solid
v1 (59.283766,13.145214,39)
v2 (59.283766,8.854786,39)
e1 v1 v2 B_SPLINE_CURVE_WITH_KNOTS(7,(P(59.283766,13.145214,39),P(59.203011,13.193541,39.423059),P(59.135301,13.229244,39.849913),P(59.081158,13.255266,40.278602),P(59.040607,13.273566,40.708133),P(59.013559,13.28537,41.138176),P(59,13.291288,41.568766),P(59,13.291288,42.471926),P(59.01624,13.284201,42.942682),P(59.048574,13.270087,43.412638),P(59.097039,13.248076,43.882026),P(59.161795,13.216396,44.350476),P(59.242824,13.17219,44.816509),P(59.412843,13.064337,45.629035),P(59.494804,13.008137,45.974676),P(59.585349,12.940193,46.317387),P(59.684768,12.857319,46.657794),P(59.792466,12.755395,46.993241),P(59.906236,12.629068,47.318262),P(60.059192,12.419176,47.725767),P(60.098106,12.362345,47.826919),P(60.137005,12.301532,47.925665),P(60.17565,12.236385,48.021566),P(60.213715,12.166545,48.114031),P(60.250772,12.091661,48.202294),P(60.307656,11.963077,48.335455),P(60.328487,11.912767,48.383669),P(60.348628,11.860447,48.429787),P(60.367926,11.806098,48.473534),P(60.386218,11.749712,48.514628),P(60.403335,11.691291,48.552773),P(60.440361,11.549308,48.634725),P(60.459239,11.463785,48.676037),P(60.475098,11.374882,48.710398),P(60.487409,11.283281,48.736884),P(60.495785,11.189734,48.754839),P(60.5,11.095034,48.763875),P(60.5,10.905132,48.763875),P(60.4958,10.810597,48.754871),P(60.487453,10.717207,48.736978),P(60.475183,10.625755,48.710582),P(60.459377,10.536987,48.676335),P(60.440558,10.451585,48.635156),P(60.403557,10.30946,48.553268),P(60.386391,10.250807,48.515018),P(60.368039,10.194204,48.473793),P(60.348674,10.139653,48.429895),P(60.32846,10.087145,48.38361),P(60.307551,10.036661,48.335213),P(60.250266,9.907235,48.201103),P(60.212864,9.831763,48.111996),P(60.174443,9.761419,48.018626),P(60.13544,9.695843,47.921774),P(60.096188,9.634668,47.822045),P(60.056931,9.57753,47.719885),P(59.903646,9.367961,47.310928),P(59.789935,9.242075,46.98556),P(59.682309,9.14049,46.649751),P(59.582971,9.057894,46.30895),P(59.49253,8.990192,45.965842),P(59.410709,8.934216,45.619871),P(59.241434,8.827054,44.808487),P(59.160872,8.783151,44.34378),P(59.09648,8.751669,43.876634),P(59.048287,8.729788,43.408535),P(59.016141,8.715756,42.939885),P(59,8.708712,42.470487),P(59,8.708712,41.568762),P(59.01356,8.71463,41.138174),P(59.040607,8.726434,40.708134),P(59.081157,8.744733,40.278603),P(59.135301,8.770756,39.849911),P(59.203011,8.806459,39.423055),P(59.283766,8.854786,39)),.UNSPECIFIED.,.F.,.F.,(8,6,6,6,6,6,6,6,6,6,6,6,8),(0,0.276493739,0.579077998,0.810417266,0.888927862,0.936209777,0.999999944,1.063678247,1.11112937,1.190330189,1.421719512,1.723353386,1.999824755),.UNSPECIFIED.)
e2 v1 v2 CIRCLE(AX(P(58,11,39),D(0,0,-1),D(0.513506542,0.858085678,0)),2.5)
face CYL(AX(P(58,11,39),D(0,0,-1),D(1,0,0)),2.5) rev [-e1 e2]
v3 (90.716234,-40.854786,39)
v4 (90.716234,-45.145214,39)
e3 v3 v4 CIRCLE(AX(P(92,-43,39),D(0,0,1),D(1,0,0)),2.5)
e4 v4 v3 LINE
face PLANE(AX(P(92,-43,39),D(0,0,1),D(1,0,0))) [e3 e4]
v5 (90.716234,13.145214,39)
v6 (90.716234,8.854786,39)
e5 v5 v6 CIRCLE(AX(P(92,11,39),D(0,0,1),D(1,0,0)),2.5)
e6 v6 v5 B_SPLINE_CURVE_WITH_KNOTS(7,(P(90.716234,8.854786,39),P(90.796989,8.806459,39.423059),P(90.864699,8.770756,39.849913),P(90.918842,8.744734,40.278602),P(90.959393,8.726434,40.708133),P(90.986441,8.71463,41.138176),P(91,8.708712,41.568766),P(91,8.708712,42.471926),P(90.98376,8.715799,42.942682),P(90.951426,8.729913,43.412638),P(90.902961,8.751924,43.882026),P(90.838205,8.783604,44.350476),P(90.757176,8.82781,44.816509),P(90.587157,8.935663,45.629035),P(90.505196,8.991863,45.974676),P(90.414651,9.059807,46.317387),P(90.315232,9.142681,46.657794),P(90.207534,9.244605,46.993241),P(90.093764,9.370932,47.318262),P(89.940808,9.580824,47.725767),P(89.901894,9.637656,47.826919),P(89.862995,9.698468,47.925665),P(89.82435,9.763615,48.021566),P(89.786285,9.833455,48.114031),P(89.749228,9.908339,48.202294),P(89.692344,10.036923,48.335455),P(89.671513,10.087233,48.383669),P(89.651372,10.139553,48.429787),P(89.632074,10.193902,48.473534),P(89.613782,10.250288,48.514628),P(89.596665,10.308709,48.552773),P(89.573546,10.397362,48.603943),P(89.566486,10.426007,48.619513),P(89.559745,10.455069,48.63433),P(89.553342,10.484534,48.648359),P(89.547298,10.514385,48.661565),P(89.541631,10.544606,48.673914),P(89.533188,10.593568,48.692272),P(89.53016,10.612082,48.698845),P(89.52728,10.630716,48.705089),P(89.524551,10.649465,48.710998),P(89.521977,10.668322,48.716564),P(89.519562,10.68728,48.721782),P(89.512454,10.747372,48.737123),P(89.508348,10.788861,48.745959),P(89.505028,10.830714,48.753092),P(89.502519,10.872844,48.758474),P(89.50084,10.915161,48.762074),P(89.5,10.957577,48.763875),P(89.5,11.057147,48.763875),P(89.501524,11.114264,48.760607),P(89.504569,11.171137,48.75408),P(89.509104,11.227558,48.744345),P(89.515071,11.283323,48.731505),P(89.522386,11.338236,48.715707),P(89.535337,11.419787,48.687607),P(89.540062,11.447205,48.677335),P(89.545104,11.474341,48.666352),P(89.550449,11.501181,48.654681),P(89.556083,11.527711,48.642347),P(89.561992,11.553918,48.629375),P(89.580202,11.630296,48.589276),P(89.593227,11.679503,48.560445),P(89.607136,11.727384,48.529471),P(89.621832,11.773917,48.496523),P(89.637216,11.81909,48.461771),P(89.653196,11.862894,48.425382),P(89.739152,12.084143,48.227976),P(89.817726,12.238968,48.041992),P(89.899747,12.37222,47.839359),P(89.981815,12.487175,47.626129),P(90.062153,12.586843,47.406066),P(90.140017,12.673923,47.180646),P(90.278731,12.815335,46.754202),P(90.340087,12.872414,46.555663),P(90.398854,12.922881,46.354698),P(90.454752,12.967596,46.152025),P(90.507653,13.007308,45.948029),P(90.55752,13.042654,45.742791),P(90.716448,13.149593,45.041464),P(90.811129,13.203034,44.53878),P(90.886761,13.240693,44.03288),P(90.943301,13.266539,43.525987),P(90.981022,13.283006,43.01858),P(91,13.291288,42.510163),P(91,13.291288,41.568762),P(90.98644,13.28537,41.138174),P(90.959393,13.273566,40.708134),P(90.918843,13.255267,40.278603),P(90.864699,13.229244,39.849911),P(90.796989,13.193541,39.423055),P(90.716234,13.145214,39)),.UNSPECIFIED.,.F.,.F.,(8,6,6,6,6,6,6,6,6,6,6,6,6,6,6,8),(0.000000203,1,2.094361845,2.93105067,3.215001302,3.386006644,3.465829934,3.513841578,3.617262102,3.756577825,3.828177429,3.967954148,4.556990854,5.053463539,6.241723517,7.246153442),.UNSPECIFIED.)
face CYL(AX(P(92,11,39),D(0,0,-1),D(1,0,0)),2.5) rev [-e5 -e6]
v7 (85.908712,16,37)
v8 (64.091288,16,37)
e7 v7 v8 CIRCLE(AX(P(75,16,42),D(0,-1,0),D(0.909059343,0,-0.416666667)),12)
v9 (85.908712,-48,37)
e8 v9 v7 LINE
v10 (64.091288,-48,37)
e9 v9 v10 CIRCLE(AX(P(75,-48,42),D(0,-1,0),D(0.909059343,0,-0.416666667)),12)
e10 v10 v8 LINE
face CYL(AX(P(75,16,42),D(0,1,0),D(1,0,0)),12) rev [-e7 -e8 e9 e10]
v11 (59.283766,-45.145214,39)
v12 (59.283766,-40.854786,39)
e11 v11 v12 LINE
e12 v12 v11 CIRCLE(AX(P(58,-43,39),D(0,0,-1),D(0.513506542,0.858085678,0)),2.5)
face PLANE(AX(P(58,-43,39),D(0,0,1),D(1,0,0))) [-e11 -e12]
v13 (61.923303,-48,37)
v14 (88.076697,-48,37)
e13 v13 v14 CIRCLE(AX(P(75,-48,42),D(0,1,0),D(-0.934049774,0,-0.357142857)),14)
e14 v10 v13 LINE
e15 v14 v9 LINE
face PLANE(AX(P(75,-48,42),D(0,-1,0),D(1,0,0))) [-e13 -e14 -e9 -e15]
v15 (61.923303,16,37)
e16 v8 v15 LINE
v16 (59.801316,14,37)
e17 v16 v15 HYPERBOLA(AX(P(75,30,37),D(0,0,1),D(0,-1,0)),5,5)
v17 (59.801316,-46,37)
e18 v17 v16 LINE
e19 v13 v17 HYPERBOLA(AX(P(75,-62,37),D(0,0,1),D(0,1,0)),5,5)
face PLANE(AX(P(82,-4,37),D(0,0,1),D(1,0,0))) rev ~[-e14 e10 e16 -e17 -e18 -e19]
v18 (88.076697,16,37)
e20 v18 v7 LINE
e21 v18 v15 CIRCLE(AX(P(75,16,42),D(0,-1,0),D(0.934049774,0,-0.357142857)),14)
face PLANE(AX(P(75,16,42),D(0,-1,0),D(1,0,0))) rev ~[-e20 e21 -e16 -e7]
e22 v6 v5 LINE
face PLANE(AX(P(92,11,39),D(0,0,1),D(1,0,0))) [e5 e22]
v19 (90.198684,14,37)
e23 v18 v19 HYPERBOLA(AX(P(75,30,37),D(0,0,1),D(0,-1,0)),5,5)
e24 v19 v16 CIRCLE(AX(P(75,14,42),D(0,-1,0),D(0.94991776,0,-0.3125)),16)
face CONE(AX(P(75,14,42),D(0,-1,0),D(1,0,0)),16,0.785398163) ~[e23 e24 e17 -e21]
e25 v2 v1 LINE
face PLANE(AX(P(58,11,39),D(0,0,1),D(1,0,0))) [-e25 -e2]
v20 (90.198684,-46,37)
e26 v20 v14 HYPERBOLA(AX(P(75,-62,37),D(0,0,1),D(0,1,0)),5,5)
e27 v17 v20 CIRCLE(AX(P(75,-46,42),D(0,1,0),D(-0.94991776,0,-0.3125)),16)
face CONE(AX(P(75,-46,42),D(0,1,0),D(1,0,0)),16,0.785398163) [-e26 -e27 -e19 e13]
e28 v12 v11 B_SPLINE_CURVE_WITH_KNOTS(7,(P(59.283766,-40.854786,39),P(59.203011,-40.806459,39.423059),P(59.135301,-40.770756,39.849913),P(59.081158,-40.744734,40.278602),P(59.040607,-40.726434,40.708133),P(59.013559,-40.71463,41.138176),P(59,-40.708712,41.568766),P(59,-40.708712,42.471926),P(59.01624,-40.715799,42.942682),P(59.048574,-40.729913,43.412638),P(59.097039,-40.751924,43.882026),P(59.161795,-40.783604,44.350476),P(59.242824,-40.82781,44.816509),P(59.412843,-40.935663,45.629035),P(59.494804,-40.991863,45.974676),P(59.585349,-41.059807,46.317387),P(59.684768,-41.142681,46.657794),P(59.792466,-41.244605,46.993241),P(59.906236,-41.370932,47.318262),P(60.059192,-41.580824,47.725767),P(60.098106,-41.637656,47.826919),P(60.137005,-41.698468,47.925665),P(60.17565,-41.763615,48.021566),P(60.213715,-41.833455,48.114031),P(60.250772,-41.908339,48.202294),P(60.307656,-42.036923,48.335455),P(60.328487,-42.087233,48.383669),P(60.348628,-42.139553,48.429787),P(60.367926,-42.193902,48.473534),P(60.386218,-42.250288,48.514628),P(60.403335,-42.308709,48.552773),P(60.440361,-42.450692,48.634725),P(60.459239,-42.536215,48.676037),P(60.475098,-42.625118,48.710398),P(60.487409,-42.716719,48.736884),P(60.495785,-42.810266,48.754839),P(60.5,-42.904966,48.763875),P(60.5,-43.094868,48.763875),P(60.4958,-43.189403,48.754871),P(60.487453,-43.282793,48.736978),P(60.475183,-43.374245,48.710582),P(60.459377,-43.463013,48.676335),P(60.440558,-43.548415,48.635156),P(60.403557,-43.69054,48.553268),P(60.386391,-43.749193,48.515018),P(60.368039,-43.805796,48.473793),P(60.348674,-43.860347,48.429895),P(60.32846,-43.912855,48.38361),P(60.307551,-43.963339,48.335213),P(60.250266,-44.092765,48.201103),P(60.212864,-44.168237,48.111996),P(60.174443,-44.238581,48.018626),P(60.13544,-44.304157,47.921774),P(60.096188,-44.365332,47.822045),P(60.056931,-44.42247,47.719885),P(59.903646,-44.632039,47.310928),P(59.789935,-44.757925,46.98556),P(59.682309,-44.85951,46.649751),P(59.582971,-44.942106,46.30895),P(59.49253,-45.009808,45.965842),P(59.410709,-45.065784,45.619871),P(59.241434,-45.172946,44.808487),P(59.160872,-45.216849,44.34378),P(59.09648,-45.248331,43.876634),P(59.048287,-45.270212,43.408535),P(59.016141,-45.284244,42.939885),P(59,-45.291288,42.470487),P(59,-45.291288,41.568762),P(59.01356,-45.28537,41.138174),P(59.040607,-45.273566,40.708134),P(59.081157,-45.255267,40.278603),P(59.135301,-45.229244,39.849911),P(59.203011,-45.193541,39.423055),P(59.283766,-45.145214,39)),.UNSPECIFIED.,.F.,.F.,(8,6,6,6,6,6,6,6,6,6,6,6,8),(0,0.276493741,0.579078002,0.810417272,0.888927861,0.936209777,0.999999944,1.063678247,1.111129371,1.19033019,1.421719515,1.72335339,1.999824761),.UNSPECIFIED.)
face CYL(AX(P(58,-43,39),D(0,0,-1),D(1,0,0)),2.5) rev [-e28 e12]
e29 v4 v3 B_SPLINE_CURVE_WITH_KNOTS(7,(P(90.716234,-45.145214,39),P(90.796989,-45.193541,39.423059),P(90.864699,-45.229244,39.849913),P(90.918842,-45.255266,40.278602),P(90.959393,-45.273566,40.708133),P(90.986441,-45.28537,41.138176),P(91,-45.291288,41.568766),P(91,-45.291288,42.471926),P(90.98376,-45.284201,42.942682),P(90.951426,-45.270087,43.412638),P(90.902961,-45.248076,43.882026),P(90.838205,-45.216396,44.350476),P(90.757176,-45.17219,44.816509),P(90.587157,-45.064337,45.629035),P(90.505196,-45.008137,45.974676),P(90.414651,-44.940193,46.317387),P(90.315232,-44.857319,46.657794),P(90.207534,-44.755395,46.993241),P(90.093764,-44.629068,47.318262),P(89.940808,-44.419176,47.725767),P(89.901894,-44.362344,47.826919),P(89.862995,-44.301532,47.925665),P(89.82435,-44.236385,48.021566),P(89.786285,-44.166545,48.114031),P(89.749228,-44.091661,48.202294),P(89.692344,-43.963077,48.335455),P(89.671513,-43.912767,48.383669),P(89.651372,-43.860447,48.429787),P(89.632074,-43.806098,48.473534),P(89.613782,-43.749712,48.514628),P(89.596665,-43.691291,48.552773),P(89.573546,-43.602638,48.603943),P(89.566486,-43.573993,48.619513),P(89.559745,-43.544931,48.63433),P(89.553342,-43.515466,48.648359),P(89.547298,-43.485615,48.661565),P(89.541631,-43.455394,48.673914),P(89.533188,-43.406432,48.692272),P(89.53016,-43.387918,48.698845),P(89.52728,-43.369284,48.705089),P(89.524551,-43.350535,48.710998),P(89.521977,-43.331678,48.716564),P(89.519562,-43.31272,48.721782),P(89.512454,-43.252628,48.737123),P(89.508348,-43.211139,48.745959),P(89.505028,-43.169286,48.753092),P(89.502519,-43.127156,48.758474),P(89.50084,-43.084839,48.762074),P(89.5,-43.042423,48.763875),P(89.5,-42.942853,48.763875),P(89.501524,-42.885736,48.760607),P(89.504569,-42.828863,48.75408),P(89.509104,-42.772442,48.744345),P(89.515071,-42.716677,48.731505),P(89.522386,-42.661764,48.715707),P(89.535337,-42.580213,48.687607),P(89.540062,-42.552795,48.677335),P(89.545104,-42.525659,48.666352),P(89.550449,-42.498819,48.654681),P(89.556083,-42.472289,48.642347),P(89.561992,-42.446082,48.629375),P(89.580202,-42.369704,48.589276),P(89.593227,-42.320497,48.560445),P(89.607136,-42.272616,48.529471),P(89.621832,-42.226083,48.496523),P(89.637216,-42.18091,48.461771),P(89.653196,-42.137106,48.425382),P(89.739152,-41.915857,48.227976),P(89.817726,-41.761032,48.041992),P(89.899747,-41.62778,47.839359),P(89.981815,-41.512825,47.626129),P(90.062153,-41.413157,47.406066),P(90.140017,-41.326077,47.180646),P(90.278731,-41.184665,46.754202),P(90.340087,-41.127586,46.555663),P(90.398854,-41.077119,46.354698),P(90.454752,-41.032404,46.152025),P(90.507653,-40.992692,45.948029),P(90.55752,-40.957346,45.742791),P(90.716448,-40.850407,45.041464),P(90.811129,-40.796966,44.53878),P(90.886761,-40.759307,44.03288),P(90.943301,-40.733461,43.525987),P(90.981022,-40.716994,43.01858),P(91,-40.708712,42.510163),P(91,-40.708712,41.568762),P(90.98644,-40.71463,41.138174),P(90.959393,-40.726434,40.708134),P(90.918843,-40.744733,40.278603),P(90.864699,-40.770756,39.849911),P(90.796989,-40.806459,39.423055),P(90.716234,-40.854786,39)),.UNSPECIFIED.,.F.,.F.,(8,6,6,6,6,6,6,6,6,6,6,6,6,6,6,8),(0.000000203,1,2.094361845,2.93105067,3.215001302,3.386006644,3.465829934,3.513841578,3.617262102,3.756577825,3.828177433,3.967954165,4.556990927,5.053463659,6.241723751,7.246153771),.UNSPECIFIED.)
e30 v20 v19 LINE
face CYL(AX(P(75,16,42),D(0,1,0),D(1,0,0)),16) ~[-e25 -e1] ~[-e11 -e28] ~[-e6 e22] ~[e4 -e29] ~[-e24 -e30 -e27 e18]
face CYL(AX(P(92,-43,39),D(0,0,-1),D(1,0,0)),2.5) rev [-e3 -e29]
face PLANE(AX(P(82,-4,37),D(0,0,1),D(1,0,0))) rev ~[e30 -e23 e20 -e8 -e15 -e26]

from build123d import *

# Parameters (mm, degrees)
CYLINDER1804_R     = 2.5
CYLINDER1804_DEPTH = 30
CYLINDER1805_R     = 2.5
CYLINDER1805_DEPTH = 30
CYLINDER1803_R     = 2.5
CYLINDER1803_DEPTH = 30
CYLINDER1802_R     = 2.5
CYLINDER1802_DEPTH = 30
BOX715_W           = 100
BOX715_H           = 100
BOX715_DEPTH       = 100
TUBE089_R          = 16
TUBE089_R_2        = 12
TUBE089_DEPTH      = 64
CHAMFER060_SIZE    = 2


with BuildPart() as v_lec1804:
    # Cylinder1804 → Cylinder1804 (new body)
    with BuildSketch(Plane(origin=(58, -43, 26), x_dir=(1, 0, 0), z_dir=(0, 0, 1))):
        Circle(CYLINDER1804_R)
    extrude(amount=CYLINDER1804_DEPTH)


with BuildPart() as compound911:
    # Cylinder1805 → Cylinder1805 (new body)
    with BuildSketch(Plane(origin=(58, 11, 26), x_dir=(1, 0, 0), z_dir=(0, 0, 1))):
        Circle(CYLINDER1805_R)
    extrude(amount=CYLINDER1805_DEPTH)

    # Compound911: union Válec1804
    add(v_lec1804.part)


with BuildPart() as compound911_1:
    # Compound911 placement: moved
    add(compound911.part.moved(Location((34, 0, 13))))


with BuildPart() as v_lec1803:
    # Cylinder1803 → Cylinder1803 (new body)
    with BuildSketch(Plane(origin=(58, -43, 26), x_dir=(1, 0, 0), z_dir=(0, 0, 1))):
        Circle(CYLINDER1803_R)
    extrude(amount=CYLINDER1803_DEPTH)


with BuildPart() as compound912:
    # Cylinder1802 → Cylinder1802 (new body)
    with BuildSketch(Plane(origin=(58, 11, 26), x_dir=(1, 0, 0), z_dir=(0, 0, 1))):
        Circle(CYLINDER1802_R)
    extrude(amount=CYLINDER1802_DEPTH)

    # Compound910: union Válec1803
    add(v_lec1803.part)


with BuildPart() as compound912_1:
    # Compound910 placement: moved
    add(compound912.part.moved(Location((0, 0, 13))))

    # Compound912: union Compound911
    add(compound911_1.part)


with BuildPart() as krychle715:
    # Box715 → Box715 (new body)
    with BuildSketch(Plane(origin=(32, -54, -63), x_dir=(1, 0, 0), z_dir=(0, 0, 1))):
        with Locations((50, 50)):
            Rectangle(BOX715_W, BOX715_H)
    extrude(amount=BOX715_DEPTH)


with BuildPart() as cut532:
    # Tube089 → Tube089 (new body)
    with BuildSketch(Plane(origin=(75, 16, 42), x_dir=(1, 0, 0), z_dir=(0, -1, 0))):
        Circle(TUBE089_R)
        Circle(TUBE089_R_2, mode=Mode.SUBTRACT)
    extrude(amount=TUBE089_DEPTH)

    # Chamfer060
    chamfer060_edges = [cut532.edges().sort_by_distance(p)[0] for p in [
        (59, -48, 42),
        (59, 16, 42),
    ]]
    chamfer(chamfer060_edges, length=CHAMFER060_SIZE)

    # Cut535: cut Krychle715
    add(krychle715.part, mode=Mode.SUBTRACT)

    # Cut532: cut Compound912
    add(compound912_1.part, mode=Mode.SUBTRACT)


solid = cut532.part
